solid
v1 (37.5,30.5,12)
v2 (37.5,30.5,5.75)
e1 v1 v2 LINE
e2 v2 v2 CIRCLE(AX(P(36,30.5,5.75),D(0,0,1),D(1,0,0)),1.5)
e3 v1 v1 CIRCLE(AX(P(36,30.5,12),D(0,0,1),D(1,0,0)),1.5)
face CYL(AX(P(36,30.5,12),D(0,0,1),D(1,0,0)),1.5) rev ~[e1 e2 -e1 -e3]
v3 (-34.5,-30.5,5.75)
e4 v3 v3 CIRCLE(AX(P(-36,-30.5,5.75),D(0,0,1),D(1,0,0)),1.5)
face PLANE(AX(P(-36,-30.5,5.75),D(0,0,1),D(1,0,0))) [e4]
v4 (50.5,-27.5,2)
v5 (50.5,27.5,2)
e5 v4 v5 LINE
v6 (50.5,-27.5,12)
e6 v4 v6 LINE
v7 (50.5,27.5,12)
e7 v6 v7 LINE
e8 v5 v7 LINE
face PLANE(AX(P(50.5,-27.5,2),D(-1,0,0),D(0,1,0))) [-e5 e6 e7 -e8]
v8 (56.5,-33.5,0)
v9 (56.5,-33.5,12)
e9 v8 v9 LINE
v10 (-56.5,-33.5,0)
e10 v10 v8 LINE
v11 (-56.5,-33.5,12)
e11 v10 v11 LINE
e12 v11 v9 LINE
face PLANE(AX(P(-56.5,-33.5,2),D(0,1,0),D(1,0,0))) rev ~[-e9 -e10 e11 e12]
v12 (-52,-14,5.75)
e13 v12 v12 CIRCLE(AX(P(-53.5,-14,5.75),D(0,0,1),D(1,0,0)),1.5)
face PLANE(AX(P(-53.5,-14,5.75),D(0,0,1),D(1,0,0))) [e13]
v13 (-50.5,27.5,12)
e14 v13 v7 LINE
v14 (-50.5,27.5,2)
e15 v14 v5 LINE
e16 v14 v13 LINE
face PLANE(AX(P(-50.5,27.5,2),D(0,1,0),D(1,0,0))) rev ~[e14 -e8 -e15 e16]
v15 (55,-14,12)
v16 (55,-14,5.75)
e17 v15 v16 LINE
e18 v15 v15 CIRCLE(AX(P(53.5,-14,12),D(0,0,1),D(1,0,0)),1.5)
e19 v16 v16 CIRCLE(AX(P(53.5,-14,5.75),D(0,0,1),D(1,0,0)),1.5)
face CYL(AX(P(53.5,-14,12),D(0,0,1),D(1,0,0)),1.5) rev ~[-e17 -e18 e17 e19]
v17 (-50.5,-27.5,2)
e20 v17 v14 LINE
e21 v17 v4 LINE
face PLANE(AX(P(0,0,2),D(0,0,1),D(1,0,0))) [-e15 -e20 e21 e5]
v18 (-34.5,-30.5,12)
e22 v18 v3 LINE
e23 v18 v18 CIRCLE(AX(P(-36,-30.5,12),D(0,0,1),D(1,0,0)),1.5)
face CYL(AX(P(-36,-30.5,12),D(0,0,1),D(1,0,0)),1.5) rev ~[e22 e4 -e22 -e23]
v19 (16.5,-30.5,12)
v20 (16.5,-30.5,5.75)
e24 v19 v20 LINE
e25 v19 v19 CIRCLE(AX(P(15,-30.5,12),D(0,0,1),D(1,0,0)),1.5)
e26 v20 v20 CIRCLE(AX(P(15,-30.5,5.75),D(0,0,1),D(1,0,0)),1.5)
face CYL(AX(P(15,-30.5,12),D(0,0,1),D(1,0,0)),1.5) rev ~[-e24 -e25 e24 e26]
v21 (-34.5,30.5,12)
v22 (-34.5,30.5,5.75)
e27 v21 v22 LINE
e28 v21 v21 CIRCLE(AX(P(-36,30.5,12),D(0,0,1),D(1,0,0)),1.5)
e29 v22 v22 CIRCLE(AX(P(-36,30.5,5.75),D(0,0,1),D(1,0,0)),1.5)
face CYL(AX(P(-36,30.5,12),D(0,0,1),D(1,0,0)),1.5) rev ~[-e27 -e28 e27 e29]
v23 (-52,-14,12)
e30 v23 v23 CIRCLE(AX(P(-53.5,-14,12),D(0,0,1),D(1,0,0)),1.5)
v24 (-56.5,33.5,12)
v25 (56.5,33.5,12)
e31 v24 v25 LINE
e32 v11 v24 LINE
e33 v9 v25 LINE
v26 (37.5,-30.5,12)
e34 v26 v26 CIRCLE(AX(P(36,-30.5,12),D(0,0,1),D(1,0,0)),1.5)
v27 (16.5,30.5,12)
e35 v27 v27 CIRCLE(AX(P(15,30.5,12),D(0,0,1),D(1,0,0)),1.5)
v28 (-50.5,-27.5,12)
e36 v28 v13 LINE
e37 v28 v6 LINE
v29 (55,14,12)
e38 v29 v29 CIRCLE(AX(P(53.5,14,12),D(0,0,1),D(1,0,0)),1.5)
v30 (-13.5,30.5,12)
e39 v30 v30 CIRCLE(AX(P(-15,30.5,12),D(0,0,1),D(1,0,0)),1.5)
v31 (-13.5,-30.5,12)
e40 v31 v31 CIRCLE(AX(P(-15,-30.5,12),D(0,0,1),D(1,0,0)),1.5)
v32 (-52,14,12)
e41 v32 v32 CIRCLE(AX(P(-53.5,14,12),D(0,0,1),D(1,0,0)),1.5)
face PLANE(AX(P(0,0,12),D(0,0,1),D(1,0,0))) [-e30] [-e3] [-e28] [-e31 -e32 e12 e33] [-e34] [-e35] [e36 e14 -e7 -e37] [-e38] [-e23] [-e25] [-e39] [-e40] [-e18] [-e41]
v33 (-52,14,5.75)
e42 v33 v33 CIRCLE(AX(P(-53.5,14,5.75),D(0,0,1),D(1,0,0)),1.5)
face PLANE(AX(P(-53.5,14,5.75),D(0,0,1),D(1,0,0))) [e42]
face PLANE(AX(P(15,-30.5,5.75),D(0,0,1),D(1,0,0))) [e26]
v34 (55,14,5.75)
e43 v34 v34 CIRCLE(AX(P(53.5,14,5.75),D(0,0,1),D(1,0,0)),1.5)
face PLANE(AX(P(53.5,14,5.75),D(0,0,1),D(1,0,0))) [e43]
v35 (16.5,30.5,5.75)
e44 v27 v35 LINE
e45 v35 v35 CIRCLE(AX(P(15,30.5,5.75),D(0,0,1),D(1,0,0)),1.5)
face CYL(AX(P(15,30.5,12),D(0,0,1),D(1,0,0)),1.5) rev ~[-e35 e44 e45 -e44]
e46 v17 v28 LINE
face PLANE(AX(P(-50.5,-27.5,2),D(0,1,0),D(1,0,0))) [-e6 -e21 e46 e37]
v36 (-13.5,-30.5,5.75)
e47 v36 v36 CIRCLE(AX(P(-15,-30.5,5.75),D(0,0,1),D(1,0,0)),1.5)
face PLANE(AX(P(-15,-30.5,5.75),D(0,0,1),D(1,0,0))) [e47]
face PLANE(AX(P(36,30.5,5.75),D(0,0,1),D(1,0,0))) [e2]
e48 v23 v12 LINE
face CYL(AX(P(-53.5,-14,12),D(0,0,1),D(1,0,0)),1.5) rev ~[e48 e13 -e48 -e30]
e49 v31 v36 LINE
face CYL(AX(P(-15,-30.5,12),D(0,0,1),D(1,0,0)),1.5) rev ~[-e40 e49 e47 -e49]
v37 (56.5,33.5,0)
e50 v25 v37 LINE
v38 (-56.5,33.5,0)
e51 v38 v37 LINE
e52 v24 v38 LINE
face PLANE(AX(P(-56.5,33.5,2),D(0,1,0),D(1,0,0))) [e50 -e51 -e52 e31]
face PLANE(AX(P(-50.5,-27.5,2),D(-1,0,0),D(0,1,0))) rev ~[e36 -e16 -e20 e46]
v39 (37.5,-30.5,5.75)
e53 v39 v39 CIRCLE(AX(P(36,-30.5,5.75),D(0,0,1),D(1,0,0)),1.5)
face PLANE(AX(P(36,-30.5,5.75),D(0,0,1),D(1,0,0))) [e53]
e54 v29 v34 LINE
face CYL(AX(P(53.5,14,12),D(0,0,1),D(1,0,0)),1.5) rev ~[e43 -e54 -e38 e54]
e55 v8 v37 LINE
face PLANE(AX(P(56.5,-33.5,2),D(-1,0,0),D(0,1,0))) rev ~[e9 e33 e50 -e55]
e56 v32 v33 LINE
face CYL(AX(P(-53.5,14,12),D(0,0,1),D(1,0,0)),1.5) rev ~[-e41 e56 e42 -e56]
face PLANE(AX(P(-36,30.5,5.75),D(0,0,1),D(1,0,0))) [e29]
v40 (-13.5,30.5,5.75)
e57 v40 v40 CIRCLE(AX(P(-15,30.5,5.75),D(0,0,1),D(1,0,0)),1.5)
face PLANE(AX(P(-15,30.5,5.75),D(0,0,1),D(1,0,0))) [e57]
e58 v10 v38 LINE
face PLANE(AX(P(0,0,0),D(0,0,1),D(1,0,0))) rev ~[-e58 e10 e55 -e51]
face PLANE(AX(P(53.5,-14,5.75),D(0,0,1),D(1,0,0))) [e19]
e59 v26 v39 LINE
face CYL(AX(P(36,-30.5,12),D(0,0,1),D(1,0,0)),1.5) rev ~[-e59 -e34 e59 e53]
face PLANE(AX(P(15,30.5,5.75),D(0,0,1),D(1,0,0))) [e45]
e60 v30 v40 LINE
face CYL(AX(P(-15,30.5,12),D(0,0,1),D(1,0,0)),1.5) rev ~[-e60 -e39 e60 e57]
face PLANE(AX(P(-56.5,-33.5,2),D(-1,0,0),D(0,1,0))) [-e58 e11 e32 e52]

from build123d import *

# Parameters (mm, degrees)
F0_W     = 113
F0_H     = 67
F1_DEPTH = 2
F2_W     = 113
F2_H     = 67
F2_W_2   = 101
F2_H_2   = 55
F3_DEPTH = 10
F4_R     = 1.5
F5_DEPTH = 6.25


with BuildPart() as f1:
    # F0 (on Top) → F1 (new body)
    with BuildSketch(Plane.XY):
        Rectangle(F0_W, F0_H)
    extrude(amount=F1_DEPTH)

    # F2 (on face) → F3 (join)
    with BuildSketch(Plane.XY.offset(2)):
        Rectangle(F2_W, F2_H)
        Rectangle(F2_W_2, F2_H_2, mode=Mode.SUBTRACT)
    extrude(amount=F3_DEPTH)

    # F4 (on face) → F5 (cut)
    with BuildSketch(Plane.XY.offset(12)):
        with Locations((-36, 30.5)):
            Circle(F4_R)
        with Locations((-15, 30.5)):
            Circle(F4_R)
        with Locations((15, 30.5)):
            Circle(F4_R)
        with Locations((36, 30.5)):
            Circle(F4_R)
        with Locations((-15, -30.5)):
            Circle(F4_R)
        with Locations((-36, -30.5)):
            Circle(F4_R)
        with Locations((15, -30.5)):
            Circle(F4_R)
        with Locations((36, -30.5)):
            Circle(F4_R)
        with Locations((-53.5, 14)):
            Circle(F4_R)
        with Locations((-53.5, -14)):
            Circle(F4_R)
        with Locations((53.5, 14)):
            Circle(F4_R)
        with Locations((53.5, -14)):
            Circle(F4_R)
    extrude(amount=-F5_DEPTH, mode=Mode.SUBTRACT)


solid = f1.part
